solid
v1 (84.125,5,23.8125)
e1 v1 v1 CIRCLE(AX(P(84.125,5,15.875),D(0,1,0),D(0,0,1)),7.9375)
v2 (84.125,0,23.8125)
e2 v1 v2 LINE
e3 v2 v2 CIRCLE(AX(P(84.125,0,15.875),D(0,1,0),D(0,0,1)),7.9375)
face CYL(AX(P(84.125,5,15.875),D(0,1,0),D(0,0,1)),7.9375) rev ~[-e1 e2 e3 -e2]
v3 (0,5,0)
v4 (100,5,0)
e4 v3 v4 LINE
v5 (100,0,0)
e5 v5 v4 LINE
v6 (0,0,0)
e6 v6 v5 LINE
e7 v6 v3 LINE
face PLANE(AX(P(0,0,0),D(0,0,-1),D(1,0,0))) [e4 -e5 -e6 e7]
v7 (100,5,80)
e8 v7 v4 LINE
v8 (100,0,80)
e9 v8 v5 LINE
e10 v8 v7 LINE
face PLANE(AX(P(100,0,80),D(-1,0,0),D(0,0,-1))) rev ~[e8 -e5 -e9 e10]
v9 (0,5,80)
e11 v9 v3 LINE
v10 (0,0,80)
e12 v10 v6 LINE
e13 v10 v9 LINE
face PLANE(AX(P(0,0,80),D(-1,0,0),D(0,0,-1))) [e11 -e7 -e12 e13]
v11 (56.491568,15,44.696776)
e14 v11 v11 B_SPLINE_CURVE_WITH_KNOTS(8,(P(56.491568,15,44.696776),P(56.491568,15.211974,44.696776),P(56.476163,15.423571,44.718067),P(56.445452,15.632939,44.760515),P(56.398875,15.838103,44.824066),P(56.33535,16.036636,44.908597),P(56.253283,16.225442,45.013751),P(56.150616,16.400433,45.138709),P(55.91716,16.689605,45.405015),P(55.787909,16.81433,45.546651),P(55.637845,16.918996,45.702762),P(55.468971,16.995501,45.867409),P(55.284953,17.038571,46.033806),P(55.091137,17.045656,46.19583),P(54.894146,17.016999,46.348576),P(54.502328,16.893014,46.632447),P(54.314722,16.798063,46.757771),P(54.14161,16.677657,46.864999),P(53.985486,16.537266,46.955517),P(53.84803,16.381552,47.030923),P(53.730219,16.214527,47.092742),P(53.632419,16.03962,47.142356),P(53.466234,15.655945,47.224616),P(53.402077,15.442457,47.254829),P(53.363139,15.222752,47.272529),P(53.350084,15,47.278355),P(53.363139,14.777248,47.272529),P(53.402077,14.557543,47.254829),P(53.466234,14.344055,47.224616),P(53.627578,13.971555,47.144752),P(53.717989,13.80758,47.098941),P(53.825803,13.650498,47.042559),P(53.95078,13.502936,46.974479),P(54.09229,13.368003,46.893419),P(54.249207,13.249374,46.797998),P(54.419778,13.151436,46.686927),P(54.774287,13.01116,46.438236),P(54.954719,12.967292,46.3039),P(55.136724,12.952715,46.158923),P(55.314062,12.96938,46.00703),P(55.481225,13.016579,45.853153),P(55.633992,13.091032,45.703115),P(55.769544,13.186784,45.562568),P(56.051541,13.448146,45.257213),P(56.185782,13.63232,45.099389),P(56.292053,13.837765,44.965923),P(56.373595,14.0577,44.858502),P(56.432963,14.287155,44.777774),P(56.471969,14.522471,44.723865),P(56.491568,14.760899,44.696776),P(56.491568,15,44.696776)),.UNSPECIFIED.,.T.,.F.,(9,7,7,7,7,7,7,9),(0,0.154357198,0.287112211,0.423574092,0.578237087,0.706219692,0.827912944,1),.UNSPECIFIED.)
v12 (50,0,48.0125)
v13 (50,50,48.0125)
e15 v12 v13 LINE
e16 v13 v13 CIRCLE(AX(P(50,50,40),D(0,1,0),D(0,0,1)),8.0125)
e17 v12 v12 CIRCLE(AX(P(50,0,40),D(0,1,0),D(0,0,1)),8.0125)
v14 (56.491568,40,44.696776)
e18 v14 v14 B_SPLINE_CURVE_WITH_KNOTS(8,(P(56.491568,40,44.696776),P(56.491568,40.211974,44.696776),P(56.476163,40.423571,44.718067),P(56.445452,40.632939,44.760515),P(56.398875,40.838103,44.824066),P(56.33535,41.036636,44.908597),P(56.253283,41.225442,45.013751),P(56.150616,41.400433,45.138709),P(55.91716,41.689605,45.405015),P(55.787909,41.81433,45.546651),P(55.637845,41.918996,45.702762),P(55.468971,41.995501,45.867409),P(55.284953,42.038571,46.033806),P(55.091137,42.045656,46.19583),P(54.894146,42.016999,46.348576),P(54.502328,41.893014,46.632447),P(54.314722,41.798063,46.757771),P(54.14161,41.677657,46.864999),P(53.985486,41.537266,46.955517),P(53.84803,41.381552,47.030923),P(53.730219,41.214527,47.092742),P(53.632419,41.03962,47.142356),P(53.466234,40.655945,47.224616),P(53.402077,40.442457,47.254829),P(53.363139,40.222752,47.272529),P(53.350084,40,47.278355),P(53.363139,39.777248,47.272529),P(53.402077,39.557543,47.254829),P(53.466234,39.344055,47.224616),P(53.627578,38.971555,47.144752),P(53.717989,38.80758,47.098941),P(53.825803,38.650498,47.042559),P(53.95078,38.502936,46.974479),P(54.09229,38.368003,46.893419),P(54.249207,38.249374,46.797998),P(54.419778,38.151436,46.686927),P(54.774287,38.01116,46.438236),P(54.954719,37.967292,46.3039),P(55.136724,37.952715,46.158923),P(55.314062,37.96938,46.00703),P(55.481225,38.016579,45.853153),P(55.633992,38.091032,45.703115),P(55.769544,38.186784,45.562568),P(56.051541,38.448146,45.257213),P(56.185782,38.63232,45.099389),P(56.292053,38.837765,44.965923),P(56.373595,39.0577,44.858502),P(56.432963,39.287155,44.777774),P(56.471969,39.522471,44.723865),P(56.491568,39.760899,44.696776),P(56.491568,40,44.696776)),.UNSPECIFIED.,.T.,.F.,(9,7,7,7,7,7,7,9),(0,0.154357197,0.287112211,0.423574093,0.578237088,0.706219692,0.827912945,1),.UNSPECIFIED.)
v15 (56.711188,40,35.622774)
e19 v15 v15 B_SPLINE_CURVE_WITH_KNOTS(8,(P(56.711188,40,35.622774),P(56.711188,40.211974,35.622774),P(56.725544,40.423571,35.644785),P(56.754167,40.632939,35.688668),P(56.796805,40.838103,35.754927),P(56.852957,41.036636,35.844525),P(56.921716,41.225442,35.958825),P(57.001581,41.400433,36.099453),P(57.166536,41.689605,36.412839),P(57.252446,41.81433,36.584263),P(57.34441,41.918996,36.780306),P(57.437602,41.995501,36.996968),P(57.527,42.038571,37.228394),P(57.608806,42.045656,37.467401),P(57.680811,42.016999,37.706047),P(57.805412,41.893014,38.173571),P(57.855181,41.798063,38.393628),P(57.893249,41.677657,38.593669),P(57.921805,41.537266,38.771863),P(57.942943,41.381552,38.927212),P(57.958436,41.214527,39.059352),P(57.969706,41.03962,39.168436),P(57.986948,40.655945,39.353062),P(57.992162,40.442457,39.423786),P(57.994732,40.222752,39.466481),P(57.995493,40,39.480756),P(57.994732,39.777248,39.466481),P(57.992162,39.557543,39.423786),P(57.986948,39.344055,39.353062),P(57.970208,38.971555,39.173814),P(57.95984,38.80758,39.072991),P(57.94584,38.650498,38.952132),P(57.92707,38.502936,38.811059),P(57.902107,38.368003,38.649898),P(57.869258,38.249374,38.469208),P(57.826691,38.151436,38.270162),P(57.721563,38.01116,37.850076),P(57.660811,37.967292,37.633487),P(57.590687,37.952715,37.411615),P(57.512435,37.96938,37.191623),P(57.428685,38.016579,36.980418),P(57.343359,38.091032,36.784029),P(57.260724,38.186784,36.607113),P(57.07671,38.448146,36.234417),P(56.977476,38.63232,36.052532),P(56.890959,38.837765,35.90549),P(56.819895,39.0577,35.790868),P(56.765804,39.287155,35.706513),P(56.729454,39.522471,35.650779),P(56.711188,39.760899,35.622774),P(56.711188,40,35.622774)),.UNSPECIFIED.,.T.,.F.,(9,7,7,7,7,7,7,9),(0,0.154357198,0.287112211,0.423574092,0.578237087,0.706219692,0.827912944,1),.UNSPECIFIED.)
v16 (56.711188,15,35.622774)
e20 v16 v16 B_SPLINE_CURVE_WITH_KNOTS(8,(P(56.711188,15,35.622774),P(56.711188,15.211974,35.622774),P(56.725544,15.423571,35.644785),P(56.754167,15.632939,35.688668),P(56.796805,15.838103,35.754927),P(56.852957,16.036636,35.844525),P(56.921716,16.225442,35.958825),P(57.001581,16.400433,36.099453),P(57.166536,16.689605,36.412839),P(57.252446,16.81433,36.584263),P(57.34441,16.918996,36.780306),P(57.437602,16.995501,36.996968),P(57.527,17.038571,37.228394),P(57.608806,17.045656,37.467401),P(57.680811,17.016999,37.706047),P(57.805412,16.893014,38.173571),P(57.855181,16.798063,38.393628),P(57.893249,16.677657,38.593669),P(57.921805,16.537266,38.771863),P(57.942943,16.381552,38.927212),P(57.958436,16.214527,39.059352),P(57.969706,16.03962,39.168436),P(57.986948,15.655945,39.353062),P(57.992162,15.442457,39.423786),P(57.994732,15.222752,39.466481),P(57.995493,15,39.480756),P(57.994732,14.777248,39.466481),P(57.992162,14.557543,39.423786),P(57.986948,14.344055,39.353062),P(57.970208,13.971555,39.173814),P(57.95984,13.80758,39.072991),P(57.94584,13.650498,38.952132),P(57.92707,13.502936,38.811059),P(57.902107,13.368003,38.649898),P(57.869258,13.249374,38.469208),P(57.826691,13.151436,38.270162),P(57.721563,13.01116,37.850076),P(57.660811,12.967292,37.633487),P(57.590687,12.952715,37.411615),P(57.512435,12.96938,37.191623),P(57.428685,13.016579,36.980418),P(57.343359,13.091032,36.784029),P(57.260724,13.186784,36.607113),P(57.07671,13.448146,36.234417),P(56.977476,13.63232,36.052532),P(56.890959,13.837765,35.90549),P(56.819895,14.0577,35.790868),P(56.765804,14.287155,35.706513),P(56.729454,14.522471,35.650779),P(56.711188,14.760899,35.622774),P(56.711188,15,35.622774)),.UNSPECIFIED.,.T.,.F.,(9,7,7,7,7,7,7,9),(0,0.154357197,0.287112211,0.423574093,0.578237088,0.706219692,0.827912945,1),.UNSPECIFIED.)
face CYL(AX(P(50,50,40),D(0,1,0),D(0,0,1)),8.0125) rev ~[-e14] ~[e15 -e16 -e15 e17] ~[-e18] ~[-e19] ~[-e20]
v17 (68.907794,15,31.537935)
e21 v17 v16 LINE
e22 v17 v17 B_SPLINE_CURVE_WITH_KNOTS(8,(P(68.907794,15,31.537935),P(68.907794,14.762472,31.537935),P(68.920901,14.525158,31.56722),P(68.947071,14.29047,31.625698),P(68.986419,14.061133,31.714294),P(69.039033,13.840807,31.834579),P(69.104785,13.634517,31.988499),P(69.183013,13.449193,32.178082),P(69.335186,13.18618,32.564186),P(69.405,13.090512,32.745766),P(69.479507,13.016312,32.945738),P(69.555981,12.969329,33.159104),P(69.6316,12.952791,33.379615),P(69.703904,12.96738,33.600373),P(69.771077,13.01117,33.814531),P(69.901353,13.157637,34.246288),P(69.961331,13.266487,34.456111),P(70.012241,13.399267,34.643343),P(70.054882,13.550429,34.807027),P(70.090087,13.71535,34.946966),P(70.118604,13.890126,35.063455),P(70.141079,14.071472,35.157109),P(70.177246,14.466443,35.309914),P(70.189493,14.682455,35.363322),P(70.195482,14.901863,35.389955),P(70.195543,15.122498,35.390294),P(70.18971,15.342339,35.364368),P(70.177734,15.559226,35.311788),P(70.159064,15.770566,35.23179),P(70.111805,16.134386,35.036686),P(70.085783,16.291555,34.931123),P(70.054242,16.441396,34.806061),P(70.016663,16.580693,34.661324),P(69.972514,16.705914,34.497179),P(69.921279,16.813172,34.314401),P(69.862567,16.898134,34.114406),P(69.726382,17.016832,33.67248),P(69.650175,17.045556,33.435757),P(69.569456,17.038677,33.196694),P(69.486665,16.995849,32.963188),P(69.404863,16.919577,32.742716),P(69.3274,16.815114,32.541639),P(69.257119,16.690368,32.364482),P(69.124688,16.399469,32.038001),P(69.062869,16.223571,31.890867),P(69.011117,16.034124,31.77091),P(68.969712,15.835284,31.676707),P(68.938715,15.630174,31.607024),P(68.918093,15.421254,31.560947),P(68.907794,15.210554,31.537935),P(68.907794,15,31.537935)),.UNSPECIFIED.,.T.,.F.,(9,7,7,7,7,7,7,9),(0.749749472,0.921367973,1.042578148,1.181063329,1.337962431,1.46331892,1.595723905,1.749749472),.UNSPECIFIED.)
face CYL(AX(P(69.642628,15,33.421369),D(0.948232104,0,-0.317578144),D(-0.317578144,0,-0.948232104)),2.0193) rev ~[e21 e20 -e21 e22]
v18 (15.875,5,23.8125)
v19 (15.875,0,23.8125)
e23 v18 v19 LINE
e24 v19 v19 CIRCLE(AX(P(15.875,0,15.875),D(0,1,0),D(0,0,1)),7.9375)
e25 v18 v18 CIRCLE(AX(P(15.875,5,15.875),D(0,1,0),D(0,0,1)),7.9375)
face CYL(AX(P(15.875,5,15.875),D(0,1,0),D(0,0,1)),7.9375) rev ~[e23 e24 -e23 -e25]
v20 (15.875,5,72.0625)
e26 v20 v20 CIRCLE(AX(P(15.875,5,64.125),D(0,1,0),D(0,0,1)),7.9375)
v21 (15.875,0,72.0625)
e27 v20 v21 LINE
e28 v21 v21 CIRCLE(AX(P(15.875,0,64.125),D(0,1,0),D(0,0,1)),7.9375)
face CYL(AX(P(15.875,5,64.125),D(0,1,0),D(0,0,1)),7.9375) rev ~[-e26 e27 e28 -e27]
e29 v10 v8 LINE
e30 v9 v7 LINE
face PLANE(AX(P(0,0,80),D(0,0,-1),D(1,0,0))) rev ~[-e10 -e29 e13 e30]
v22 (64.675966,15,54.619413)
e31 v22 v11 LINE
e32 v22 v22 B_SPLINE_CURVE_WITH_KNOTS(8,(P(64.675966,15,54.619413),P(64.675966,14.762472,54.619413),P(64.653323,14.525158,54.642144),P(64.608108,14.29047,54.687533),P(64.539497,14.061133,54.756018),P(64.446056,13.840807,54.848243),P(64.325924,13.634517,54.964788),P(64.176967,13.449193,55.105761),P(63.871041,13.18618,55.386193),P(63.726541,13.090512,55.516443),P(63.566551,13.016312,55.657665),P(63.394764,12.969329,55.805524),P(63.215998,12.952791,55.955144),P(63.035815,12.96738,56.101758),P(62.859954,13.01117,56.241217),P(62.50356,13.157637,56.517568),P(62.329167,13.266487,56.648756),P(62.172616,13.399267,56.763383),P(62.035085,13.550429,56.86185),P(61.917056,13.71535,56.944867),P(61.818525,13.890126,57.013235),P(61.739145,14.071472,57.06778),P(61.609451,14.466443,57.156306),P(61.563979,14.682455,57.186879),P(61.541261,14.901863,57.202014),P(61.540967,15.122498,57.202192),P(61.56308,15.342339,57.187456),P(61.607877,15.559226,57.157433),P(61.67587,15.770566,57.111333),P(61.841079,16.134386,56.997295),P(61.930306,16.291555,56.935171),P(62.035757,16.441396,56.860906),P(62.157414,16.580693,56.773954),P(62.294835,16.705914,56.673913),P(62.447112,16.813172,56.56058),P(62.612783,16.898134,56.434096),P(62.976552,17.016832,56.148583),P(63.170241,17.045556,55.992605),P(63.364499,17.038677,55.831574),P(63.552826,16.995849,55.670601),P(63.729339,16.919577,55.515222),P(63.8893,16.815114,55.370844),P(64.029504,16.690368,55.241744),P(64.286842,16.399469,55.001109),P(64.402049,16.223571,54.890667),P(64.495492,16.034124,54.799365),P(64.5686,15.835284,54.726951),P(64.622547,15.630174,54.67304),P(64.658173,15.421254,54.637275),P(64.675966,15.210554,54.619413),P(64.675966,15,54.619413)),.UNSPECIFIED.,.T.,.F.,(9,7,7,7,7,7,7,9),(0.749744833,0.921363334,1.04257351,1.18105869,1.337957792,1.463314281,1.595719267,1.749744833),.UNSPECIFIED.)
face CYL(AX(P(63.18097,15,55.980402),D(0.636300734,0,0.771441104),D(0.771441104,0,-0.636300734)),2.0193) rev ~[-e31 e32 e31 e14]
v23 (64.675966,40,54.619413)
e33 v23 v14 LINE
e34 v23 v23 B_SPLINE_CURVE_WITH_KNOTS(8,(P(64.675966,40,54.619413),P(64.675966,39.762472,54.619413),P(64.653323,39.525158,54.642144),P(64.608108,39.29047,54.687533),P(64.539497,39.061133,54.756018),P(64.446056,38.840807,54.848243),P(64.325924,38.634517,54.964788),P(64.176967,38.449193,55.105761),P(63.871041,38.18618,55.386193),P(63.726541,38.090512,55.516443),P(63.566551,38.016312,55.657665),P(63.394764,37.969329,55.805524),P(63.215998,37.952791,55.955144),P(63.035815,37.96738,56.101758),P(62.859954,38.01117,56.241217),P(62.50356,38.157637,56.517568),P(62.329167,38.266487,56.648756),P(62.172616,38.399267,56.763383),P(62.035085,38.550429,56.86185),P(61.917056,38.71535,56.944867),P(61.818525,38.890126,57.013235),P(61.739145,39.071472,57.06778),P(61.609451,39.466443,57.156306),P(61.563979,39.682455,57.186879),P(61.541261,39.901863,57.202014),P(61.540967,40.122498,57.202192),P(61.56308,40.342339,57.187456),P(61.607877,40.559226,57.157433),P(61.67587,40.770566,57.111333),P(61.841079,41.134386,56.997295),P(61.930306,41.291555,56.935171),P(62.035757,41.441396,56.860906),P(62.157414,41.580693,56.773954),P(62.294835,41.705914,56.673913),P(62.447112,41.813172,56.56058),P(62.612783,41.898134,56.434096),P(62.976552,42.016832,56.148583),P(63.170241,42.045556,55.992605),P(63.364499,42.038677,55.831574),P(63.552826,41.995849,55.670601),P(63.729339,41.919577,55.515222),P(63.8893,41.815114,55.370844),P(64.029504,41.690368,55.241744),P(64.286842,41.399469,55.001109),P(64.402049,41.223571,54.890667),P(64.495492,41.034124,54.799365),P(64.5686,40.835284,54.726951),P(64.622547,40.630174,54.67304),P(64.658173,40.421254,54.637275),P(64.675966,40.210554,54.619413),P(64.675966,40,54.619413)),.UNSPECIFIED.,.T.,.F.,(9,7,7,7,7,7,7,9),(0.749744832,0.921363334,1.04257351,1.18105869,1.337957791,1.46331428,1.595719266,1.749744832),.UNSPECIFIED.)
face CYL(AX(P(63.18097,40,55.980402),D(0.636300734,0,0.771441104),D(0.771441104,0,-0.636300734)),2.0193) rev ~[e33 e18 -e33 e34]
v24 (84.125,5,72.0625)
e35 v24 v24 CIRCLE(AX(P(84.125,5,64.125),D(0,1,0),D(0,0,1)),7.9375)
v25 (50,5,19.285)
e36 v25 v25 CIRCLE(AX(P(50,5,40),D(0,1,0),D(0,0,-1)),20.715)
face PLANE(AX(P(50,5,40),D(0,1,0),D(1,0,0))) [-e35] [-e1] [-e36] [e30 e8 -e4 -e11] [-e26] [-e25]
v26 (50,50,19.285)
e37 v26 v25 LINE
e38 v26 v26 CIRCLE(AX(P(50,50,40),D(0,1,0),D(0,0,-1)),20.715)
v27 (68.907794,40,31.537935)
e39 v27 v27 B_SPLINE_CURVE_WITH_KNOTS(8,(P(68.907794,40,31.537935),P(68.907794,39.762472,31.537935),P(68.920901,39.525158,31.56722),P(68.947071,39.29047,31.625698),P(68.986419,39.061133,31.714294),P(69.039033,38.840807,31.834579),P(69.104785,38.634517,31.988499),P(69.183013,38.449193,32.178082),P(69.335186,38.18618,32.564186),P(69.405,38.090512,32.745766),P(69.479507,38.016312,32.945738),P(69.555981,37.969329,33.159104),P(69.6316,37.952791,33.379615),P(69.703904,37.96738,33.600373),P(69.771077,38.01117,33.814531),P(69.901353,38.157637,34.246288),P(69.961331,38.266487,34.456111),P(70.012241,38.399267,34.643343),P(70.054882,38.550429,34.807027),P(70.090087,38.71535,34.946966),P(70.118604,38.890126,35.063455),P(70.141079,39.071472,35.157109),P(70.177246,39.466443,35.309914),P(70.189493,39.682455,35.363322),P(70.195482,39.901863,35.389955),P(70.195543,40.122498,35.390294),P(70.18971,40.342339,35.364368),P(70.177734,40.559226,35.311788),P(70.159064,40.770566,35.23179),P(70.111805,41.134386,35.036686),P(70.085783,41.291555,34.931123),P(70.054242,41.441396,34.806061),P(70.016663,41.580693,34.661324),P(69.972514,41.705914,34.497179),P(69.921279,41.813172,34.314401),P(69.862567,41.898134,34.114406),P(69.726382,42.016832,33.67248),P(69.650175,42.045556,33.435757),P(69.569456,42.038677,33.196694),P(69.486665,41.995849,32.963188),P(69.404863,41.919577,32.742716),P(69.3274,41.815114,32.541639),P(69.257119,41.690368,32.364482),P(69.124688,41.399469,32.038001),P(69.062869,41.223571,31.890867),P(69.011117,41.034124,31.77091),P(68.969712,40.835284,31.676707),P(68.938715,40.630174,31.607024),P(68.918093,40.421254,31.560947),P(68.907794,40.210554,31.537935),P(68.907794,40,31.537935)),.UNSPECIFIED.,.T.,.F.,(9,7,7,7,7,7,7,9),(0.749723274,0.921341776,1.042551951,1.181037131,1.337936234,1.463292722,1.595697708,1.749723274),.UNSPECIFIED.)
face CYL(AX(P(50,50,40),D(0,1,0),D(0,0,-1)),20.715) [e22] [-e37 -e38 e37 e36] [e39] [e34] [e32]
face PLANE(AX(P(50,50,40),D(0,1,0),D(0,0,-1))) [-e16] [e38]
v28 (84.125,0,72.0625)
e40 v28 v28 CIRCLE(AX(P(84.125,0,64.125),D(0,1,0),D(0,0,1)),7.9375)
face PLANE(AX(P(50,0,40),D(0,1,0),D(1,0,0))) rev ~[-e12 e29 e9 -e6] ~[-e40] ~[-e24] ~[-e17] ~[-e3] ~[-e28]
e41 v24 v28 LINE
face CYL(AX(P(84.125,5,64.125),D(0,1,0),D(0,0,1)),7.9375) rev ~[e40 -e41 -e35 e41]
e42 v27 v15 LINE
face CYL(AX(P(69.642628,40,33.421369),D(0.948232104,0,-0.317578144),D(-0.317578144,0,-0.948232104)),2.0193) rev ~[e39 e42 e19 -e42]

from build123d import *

# Parameters (mm, degrees)
SKETCH1_W           = 100
SKETCH1_H           = 80
BOSS_EXTRUDE1_DEPTH = 5
SKETCH2_R           = 8.0125
CUT_EXTRUDE1_DEPTH  = 129.16005618
BOSS_EXTRUDE2_START = 45
SKETCH3_R           = 20.715
SKETCH3_R_2         = 8.0125
BOSS_EXTRUDE2_DEPTH = 45
SKETCH4_R           = 2.0193
CUT_EXTRUDE2_DEPTH  = 15
SKETCH6_R           = 2.0193
CUT_EXTRUDE3_DEPTH  = 15
SKETCH7_R           = 7.9375
CUT_EXTRUDE4_DEPTH  = 136.738719638


with BuildPart() as part:
    # Sketch1 → Boss-Extrude1 (new body)
    with BuildSketch(Plane(origin=(0, 0, 0), x_dir=(1, 0, 0), z_dir=(0, 1, 0))):
        with Locations((50, -40)):
            Rectangle(SKETCH1_W, SKETCH1_H)
    extrude(amount=BOSS_EXTRUDE1_DEPTH)

    # Sketch2 → Cut-Extrude1 (cut, through all)
    with BuildSketch(Plane(origin=(0, 5, 0), x_dir=(1, 0, 0), z_dir=(0, 1, 0))):
        with Locations((50, -40)):
            Circle(SKETCH2_R)
    extrude(amount=-CUT_EXTRUDE1_DEPTH, mode=Mode.SUBTRACT)

    # Sketch3 → Boss-Extrude2 (add)
    with BuildSketch(Plane(origin=(0, 5, 0), x_dir=(1, 0, 0), z_dir=(0, 1, 0)).offset(BOSS_EXTRUDE2_START)):
        with Locations((50, -40)):
            Circle(SKETCH3_R)
        with Locations((50, -40)):
            Circle(SKETCH3_R_2, mode=Mode.SUBTRACT)
    extrude(amount=-BOSS_EXTRUDE2_DEPTH)

    # Sketch4 → Cut-Extrude2 (cut)
    with BuildSketch(Plane(origin=(63.180969698, 50, 55.980402461), x_dir=(0.7714411036002745, 0, -0.6363007336755088), z_dir=(0.6363007336755088, 0, 0.7714411036002745))):
        with Locations((0, -10)):
            Circle(SKETCH4_R)
        with Locations((0, -35)):
            Circle(SKETCH4_R)
    extrude(amount=-CUT_EXTRUDE2_DEPTH, mode=Mode.SUBTRACT)

    # Sketch6 → Cut-Extrude3 (cut)
    with BuildSketch(Plane(origin=(52.5543225, 0, -17.601285723), x_dir=(0, -1, 0), z_dir=(0.9482321037380778, 0, -0.3175781438330723))):
        with Locations((-40, -53.808191341)):
            Circle(SKETCH6_R)
        with Locations((-15, -53.808191341)):
            Circle(SKETCH6_R)
    extrude(amount=-CUT_EXTRUDE3_DEPTH, mode=Mode.SUBTRACT)

    # Sketch7 → Cut-Extrude4 (cut, through all)
    with BuildSketch(Plane(origin=(0, 5, 0), x_dir=(1, 0, 0), z_dir=(0, 1, 0))):
        with Locations((84.125, -64.125)):
            Circle(SKETCH7_R)
        with Locations((15.875, -64.125)):
            Circle(SKETCH7_R)
        with Locations((15.875, -15.875)):
            Circle(SKETCH7_R)
        with Locations((84.125, -15.875)):
            Circle(SKETCH7_R)
    extrude(amount=-CUT_EXTRUDE4_DEPTH, mode=Mode.SUBTRACT)


solid = part.part
